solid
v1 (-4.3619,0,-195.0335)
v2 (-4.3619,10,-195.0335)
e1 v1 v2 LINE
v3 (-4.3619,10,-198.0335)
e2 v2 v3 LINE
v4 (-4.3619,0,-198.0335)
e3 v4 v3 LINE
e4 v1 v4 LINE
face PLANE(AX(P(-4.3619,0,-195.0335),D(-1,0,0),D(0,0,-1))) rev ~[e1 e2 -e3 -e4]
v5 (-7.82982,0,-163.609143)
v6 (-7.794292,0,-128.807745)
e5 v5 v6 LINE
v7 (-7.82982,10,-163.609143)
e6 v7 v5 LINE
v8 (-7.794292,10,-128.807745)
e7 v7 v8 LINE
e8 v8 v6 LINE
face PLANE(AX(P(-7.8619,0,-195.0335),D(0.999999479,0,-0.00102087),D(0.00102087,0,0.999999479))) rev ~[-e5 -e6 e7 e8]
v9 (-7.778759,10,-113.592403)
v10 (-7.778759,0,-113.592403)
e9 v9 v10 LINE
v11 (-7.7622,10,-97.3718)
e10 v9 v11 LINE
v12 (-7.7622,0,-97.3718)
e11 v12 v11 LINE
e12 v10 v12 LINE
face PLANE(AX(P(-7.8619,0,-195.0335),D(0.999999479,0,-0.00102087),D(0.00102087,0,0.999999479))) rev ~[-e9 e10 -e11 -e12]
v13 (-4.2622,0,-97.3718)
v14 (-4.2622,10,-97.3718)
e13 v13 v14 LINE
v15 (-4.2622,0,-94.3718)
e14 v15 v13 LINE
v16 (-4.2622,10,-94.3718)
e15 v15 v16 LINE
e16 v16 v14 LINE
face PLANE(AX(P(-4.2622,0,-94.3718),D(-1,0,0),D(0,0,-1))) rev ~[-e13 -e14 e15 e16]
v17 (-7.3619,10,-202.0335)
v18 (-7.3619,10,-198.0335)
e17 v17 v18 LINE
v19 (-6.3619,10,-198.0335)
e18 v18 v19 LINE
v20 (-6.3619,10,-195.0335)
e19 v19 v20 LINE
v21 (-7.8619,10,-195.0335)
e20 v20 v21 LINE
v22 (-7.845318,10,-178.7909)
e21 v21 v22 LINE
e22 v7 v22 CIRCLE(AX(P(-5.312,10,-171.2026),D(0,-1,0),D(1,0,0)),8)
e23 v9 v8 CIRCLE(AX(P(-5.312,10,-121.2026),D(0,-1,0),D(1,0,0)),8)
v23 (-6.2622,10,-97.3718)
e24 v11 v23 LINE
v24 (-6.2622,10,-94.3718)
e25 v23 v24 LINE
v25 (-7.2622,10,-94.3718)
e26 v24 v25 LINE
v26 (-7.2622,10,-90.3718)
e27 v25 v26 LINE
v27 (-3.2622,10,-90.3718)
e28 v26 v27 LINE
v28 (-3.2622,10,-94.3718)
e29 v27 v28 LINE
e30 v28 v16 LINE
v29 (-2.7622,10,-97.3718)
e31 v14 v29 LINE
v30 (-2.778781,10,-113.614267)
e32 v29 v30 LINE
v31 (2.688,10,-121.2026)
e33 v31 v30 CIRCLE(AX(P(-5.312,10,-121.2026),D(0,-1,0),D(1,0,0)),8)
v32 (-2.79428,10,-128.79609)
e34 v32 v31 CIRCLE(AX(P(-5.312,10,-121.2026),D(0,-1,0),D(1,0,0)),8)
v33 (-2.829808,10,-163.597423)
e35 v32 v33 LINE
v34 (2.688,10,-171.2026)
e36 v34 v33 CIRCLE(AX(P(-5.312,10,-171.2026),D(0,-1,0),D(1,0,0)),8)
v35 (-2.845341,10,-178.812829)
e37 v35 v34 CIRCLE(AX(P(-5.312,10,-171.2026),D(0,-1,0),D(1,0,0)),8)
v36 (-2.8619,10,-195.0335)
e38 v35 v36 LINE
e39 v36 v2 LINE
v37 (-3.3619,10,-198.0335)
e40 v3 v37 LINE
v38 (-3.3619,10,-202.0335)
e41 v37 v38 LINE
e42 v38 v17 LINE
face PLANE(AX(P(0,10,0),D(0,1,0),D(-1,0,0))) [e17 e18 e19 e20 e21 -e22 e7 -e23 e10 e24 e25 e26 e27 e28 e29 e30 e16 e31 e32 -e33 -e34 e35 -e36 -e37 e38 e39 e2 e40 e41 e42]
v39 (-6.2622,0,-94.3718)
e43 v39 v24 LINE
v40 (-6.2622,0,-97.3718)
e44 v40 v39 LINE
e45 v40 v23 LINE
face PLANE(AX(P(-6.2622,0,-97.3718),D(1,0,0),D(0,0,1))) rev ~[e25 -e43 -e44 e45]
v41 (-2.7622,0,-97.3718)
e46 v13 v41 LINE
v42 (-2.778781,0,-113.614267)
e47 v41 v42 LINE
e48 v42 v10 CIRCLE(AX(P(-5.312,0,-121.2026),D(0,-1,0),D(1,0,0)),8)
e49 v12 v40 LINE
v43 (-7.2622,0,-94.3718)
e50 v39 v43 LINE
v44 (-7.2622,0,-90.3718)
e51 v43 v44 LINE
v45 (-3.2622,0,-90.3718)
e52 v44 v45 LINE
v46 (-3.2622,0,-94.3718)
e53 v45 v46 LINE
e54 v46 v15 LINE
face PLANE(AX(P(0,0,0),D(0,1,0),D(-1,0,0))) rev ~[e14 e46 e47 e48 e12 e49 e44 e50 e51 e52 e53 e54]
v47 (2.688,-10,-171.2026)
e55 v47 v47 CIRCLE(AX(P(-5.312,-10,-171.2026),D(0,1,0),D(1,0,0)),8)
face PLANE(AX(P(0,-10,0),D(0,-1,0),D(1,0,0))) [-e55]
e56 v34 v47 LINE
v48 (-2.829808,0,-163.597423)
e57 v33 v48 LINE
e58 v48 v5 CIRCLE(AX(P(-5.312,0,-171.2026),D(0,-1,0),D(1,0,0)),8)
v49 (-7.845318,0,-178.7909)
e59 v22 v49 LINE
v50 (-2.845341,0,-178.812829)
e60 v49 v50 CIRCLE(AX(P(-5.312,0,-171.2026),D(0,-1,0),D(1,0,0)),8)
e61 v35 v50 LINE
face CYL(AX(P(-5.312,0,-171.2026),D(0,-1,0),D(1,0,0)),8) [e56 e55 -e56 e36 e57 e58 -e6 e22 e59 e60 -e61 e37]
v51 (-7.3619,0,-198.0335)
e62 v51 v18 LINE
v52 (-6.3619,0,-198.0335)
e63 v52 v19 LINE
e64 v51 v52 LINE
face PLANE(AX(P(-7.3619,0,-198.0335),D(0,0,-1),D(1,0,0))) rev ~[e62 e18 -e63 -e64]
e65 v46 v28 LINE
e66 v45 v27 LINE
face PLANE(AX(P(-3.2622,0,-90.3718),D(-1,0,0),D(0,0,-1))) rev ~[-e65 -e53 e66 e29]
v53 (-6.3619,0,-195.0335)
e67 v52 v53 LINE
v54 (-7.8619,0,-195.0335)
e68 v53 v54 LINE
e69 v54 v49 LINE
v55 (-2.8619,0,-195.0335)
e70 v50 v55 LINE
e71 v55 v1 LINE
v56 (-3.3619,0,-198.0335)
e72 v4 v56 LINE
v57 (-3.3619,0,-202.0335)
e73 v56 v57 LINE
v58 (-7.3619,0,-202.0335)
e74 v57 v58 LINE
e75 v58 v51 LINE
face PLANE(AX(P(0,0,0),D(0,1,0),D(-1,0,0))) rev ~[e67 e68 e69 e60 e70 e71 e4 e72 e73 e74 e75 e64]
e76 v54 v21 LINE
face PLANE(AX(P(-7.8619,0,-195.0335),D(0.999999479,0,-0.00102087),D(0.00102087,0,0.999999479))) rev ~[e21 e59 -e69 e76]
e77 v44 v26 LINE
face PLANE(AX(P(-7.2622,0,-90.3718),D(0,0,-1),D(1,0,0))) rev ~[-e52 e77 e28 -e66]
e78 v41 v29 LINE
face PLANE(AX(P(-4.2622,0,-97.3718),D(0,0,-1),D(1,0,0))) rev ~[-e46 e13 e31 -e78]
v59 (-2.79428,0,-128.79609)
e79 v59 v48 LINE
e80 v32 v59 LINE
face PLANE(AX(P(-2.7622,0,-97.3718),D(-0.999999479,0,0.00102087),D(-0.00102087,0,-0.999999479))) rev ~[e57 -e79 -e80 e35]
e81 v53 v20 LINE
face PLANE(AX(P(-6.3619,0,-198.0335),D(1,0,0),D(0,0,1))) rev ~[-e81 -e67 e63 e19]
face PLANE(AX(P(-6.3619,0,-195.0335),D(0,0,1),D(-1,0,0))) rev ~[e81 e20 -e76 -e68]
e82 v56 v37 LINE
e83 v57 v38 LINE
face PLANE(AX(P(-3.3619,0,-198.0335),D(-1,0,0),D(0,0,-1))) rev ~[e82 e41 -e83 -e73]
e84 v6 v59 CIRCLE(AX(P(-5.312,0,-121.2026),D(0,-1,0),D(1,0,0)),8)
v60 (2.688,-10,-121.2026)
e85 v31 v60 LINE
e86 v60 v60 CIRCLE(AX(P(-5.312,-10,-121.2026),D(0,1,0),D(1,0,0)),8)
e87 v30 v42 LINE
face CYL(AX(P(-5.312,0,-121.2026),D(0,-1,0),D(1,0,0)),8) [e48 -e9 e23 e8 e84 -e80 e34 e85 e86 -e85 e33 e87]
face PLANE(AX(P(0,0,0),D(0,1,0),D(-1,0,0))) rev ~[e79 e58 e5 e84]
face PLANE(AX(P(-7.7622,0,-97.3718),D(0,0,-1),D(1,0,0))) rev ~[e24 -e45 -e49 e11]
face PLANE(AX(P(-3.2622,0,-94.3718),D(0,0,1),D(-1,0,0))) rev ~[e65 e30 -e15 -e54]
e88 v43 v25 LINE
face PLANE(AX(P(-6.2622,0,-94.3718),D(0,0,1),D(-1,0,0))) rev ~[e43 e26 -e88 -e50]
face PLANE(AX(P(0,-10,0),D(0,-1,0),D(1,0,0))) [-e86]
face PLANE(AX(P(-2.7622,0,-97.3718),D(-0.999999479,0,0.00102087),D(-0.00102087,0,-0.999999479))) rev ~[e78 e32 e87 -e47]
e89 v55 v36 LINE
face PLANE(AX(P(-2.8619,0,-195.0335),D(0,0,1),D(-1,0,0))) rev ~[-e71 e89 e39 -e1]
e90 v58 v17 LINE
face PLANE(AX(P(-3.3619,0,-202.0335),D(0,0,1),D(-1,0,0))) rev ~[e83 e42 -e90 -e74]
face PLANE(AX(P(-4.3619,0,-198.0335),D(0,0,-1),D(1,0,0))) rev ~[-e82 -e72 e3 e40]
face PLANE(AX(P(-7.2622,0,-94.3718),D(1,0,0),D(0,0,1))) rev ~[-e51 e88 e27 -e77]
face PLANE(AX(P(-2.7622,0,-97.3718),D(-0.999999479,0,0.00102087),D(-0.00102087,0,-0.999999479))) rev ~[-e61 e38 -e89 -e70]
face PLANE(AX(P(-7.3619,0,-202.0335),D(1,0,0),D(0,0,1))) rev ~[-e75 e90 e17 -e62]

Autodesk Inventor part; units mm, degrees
ref_plane "YZ Plane" through (0, 0, 0) normal (1, 0, 0) x (0, 1, 0)
ref_plane "XZ Plane" through (0, 0, 0) normal (0, 1, 0) x (-1, 0, 0)
ref_plane "XY Plane" through (0, 0, 0) normal (0, 0, 1) x (1, 0, 0)
sketch "Sketch1" plane through (0, 0, 0) normal (0, 1, 0) x (-1, 0, 0)
  line L0 (16.7626, -83.8715) -> (19.7626, -83.8715) projected
  line L1 (19.7626, -83.8715) -> (19.7626, -85.3715) projected
  line L2 (19.7626, -85.3715) -> (10.7873, -88.3968) projected
  line L3 (10.7873, -88.3968) -> (7.7622, -97.3718) projected
  line L4 (7.7622, -97.3718) -> (6.2622, -97.3718) projected
  line L5 (6.2622, -97.3718) -> (6.2622, -94.3718) projected
  line L6 (6.2622, -94.3718) -> (7.2622, -94.3718) projected
  line L7 (7.2622, -94.3718) -> (7.2622, -90.3718) projected
  line L8 (7.2622, -90.3718) -> (3.2622, -90.3718) projected
  line L9 (3.2622, -90.3718) -> (3.2622, -94.3718) projected
  line L10 (3.2622, -94.3718) -> (4.2622, -94.3718) projected
  line L11 (4.2622, -94.3718) -> (4.2622, -97.3718) projected
  line L12 (4.2622, -97.3718) -> (2.7622, -97.3718) projected
  line L13 (2.7622, -97.3718) -> (-1.3715, -85.1077) projected
  arc A0 (7.4979, -76.2381) -> (-1.3715, -85.1077) centre (5.2622, -82.8718) ccw projected
  line L14 (7.4979, -76.2381) -> (19.7626, -80.3715) projected
  line L15 (19.7626, -80.3715) -> (19.7626, -81.8715) projected
  line L16 (19.7626, -81.8715) -> (16.7626, -81.8715) projected
  line L17 (16.7626, -81.8715) -> (16.7626, -80.8715) projected
  line L18 (16.7626, -80.8715) -> (12.7626, -80.8715) projected
  line L19 (12.7626, -80.8715) -> (12.7626, -84.8715) projected
  line L20 (12.7626, -84.8715) -> (16.7626, -84.8715) projected
  line L21 (16.7626, -84.8715) -> (16.7626, -83.8715) projected
  line L22 (6.3619, -198.0335) -> (6.3619, -195.0335) projected
  line L23 (6.3619, -195.0335) -> (7.8619, -195.0335) projected
  line L24 (7.8619, -195.0335) -> (10.8872, -204.0087) projected
  line L25 (10.8872, -204.0087) -> (19.8622, -207.0338) projected
  line L26 (19.8622, -207.0338) -> (19.8622, -208.5338) projected
  line L27 (19.8622, -208.5338) -> (16.8622, -208.5338) projected
  line L28 (16.8622, -208.5338) -> (16.8622, -207.5338) projected
  line L29 (16.8622, -207.5338) -> (12.8622, -207.5338) projected
  line L30 (12.8622, -207.5338) -> (12.8622, -211.5338) projected
  line L31 (12.8622, -211.5338) -> (16.8622, -211.5338) projected
  line L32 (16.8622, -211.5338) -> (16.8622, -210.5338) projected
  line L33 (16.8622, -210.5338) -> (19.8622, -210.5338) projected
  line L34 (19.8622, -210.5338) -> (19.8622, -212.0338) projected
  line L35 (19.8622, -212.0338) -> (7.5981, -216.1675) projected
  arc A1 (-1.2715, -207.2981) -> (7.5981, -216.1675) centre (5.3622, -209.5338) ccw projected
  line L36 (-1.2715, -207.2981) -> (2.8619, -195.0335) projected
  line L37 (2.8619, -195.0335) -> (4.3619, -195.0335) projected
  line L38 (4.3619, -195.0335) -> (4.3619, -198.0335) projected
  line L39 (4.3619, -198.0335) -> (3.3619, -198.0335) projected
  line L40 (3.3619, -198.0335) -> (3.3619, -202.0335) projected
  line L41 (3.3619, -202.0335) -> (7.3619, -202.0335) projected
  line L42 (7.3619, -202.0335) -> (7.3619, -198.0335) projected
  line L43 (7.3619, -198.0335) -> (6.3619, -198.0335) projected
  line L44 (2.7622, -97.3718) -> (2.8619, -195.0335)
  line L45 (7.8619, -195.0335) -> (7.7622, -97.3718)
  point P0 (0, 0)
extrude "Extrusion1" add sketch "Sketch1" along normal blind 10 contours L45 L23 L22 L43 L42 L41 L40 L39 L38 L37 L44 L12 L11 L10 L9 L8 L7 L6 L5 L4
sketch "Sketch2" plane through (0, 0, 0) normal (0, -1, 0) x (1, 0, 0)
  line L0 (-4.3619, -198.0335) -> (-3.3619, -198.0335)
  line L1 (-4.3619, -195.0335) -> (-4.3619, -198.0335)
  line L2 (-2.8619, -195.0335) -> (-4.3619, -195.0335)
  line L3 (-2.7622, -97.3718) -> (-2.8619, -195.0335)
  line L4 (-4.2622, -97.3718) -> (-2.7622, -97.3718)
  line L5 (-4.2622, -94.3718) -> (-4.2622, -97.3718)
  line L6 (-3.2622, -94.3718) -> (-4.2622, -94.3718)
  line L7 (-3.2622, -90.3718) -> (-3.2622, -94.3718)
  line L8 (-7.2622, -90.3718) -> (-3.2622, -90.3718)
  line L9 (-7.2622, -94.3718) -> (-7.2622, -90.3718)
  line L10 (-6.2622, -94.3718) -> (-7.2622, -94.3718)
  line L11 (-6.2622, -97.3718) -> (-6.2622, -94.3718)
  line L12 (-7.7622, -97.3718) -> (-6.2622, -97.3718)
  line L13 (-7.8619, -195.0335) -> (-7.7622, -97.3718)
  line L14 (-6.3619, -195.0335) -> (-7.8619, -195.0335)
  line L15 (-6.3619, -198.0335) -> (-6.3619, -195.0335)
  line L16 (-7.3619, -198.0335) -> (-6.3619, -198.0335)
  line L17 (-7.3619, -202.0335) -> (-7.3619, -198.0335)
  line L18 (-3.3619, -202.0335) -> (-7.3619, -202.0335)
  line L19 (-3.3619, -198.0335) -> (-3.3619, -202.0335)
  line L20 (-7.812, -146.2026) -> (-2.812, -146.2026)
  line L21 (-6.2622, -97.3718) -> (-4.2622, -97.3718)
  line L22 (-5.312, -146.2026) -> (-5.312, -121.2026)
  line L23 (-5.312, -146.2026) -> (-5.312, -171.2026)
  circle A0 centre (-5.312, -171.2026) radius 8
  circle A1 centre (-5.312, -121.2026) radius 8
  point P0 (0, 0)
  dimension "d2" = 25
  dimension "d3" = 25
  dimension "d4" = 16
  dimension "d5" = 16
extrude "Extrusion2" add sketch "Sketch2" along normal mid plane 20 contours A0 L13 L3 | L3 A0 | A0 L13 | A1 L13 L3 | L3 A1 | A1 L13
properties part number "Leg_rod"
